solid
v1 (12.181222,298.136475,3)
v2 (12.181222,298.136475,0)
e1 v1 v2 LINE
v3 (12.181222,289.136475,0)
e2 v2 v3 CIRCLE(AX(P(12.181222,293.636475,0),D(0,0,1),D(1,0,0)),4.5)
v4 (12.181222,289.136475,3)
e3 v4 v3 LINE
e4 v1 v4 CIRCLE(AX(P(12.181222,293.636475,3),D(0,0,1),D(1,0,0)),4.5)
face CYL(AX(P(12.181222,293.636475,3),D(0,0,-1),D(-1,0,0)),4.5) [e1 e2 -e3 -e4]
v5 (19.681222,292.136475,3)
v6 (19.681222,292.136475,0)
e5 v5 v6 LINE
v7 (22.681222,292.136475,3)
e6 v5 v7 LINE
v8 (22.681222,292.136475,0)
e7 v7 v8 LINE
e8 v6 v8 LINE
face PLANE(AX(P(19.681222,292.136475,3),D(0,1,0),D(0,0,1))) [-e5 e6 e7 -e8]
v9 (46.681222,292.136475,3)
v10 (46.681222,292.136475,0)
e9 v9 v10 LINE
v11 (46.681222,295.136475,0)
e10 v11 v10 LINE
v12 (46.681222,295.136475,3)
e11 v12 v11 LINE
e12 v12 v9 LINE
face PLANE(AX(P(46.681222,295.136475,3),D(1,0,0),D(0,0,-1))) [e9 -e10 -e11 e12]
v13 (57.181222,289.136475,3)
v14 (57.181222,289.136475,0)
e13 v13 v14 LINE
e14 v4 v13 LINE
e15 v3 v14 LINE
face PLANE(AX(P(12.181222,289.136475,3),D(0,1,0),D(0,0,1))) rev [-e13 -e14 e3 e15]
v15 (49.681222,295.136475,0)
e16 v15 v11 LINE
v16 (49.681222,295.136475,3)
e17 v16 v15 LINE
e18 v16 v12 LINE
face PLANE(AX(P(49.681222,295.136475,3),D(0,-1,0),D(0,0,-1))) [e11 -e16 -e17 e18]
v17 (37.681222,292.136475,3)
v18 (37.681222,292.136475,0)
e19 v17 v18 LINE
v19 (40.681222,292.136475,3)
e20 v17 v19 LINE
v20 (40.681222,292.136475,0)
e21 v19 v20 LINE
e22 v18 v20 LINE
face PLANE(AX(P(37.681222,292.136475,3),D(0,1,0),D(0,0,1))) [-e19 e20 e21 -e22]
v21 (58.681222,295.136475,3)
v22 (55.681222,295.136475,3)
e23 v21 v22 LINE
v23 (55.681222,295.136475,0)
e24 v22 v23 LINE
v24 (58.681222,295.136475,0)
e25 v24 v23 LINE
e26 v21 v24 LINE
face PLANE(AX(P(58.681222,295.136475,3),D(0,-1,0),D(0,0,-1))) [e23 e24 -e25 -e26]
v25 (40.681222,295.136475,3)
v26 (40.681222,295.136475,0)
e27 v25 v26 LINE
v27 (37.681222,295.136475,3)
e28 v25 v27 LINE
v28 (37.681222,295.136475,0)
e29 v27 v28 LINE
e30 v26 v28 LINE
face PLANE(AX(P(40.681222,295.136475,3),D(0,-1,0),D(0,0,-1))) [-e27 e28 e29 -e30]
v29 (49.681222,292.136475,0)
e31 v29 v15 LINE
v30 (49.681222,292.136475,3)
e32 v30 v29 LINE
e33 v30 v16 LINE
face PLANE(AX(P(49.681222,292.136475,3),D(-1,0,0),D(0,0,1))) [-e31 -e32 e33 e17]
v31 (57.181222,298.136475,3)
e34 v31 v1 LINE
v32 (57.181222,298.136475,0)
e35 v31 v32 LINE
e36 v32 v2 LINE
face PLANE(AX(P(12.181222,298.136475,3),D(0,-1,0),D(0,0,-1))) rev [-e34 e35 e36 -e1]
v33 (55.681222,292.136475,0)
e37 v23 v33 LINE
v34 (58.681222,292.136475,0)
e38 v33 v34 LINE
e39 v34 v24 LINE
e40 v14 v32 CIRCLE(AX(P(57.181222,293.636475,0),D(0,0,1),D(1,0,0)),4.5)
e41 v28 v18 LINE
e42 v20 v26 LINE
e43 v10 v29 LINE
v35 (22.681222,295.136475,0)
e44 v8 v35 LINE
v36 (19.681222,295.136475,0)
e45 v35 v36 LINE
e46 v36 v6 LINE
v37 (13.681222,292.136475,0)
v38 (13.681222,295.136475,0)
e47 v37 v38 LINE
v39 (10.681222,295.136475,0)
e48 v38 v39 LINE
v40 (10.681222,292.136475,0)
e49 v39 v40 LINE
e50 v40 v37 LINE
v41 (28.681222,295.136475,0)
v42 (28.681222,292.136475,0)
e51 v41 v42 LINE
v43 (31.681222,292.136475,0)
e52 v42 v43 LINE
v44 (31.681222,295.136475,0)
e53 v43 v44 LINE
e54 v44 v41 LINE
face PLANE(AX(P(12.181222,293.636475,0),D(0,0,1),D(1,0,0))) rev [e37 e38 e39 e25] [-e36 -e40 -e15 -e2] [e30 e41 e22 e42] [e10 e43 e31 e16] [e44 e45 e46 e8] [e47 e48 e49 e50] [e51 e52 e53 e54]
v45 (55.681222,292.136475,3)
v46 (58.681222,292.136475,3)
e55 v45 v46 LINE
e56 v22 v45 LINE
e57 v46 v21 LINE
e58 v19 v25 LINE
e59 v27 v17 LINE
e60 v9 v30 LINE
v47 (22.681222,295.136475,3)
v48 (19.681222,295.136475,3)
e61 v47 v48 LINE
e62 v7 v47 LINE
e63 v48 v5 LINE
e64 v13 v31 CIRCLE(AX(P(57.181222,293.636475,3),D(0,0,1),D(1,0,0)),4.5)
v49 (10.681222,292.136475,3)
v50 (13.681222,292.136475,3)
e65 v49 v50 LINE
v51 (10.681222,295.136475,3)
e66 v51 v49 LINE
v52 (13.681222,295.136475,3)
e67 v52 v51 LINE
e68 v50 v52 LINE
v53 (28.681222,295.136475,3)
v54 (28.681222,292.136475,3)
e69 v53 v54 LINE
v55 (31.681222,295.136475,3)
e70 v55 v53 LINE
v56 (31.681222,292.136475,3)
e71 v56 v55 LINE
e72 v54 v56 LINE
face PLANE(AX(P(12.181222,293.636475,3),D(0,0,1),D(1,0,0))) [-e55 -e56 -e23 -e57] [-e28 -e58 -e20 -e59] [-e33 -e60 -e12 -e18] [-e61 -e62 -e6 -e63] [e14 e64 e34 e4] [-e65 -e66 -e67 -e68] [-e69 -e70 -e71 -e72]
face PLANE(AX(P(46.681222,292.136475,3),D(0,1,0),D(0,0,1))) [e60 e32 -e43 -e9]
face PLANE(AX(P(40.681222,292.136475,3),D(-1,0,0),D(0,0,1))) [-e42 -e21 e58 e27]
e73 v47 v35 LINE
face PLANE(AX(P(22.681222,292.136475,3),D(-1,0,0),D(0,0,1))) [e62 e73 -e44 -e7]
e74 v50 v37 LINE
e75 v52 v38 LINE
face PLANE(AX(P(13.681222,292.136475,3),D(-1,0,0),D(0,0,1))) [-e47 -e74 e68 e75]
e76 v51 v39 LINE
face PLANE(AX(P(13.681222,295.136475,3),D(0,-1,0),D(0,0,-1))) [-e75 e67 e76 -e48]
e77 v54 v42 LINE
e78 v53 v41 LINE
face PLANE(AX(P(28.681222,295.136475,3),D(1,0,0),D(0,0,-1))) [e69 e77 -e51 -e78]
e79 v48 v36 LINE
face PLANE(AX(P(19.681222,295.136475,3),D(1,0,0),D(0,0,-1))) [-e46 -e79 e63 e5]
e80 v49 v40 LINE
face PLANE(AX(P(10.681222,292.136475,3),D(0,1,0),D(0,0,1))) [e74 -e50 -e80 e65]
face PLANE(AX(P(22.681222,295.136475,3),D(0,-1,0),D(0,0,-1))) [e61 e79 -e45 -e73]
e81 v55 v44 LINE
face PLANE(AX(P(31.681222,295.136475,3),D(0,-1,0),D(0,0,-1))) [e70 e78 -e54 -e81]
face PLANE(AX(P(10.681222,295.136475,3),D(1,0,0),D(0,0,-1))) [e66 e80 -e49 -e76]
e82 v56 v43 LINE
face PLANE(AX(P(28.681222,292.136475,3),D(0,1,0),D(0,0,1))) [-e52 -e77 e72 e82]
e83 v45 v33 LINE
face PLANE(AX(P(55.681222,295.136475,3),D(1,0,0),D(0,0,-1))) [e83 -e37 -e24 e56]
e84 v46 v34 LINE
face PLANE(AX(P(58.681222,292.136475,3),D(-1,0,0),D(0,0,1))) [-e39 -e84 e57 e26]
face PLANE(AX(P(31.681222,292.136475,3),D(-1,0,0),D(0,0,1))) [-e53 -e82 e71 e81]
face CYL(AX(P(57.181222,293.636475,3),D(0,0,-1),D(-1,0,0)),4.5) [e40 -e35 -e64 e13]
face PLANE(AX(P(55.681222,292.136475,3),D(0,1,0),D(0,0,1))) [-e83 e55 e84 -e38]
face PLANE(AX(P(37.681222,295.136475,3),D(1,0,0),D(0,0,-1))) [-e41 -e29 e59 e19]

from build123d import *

# Parameters (mm, degrees)
MODEL_W                 = 3
MODEL_H                 = 3
SALIENTE_EXTRUIR1_DEPTH = 3


with BuildPart() as part:
    # Model → Saliente-Extruir1 (new body)
    with BuildSketch(Plane.XY):
        with BuildLine():
            Line((12.181222481, 298.136475095), (57.181222481, 298.136475095))
            ThreePointArc((57.181222481, 298.136475095), (61.681222481, 293.636475095), (57.181222481, 289.136475095))
            Line((57.181222481, 289.136475095), (12.181222481, 289.136475095))
            ThreePointArc((12.181222481, 289.136475095), (7.681222481, 293.636475095), (12.181222481, 298.136475095))
        make_face()
        with Locations((12.181222481, 293.636475095)):
            Rectangle(MODEL_W, MODEL_H, mode=Mode.SUBTRACT)
        with Locations((21.181222481, 293.636475095)):
            Rectangle(MODEL_W, MODEL_H, mode=Mode.SUBTRACT)
        with Locations((30.181222481, 293.636475095)):
            Rectangle(MODEL_W, MODEL_H, mode=Mode.SUBTRACT)
        with Locations((39.181222481, 293.636475095)):
            Rectangle(MODEL_W, MODEL_H, mode=Mode.SUBTRACT)
        with Locations((57.181222481, 293.636475095)):
            Rectangle(MODEL_W, MODEL_H, mode=Mode.SUBTRACT)
        with Locations((48.181222481, 293.636475095)):
            Rectangle(MODEL_W, MODEL_H, mode=Mode.SUBTRACT)
    extrude(amount=SALIENTE_EXTRUIR1_DEPTH)


solid = part.part
